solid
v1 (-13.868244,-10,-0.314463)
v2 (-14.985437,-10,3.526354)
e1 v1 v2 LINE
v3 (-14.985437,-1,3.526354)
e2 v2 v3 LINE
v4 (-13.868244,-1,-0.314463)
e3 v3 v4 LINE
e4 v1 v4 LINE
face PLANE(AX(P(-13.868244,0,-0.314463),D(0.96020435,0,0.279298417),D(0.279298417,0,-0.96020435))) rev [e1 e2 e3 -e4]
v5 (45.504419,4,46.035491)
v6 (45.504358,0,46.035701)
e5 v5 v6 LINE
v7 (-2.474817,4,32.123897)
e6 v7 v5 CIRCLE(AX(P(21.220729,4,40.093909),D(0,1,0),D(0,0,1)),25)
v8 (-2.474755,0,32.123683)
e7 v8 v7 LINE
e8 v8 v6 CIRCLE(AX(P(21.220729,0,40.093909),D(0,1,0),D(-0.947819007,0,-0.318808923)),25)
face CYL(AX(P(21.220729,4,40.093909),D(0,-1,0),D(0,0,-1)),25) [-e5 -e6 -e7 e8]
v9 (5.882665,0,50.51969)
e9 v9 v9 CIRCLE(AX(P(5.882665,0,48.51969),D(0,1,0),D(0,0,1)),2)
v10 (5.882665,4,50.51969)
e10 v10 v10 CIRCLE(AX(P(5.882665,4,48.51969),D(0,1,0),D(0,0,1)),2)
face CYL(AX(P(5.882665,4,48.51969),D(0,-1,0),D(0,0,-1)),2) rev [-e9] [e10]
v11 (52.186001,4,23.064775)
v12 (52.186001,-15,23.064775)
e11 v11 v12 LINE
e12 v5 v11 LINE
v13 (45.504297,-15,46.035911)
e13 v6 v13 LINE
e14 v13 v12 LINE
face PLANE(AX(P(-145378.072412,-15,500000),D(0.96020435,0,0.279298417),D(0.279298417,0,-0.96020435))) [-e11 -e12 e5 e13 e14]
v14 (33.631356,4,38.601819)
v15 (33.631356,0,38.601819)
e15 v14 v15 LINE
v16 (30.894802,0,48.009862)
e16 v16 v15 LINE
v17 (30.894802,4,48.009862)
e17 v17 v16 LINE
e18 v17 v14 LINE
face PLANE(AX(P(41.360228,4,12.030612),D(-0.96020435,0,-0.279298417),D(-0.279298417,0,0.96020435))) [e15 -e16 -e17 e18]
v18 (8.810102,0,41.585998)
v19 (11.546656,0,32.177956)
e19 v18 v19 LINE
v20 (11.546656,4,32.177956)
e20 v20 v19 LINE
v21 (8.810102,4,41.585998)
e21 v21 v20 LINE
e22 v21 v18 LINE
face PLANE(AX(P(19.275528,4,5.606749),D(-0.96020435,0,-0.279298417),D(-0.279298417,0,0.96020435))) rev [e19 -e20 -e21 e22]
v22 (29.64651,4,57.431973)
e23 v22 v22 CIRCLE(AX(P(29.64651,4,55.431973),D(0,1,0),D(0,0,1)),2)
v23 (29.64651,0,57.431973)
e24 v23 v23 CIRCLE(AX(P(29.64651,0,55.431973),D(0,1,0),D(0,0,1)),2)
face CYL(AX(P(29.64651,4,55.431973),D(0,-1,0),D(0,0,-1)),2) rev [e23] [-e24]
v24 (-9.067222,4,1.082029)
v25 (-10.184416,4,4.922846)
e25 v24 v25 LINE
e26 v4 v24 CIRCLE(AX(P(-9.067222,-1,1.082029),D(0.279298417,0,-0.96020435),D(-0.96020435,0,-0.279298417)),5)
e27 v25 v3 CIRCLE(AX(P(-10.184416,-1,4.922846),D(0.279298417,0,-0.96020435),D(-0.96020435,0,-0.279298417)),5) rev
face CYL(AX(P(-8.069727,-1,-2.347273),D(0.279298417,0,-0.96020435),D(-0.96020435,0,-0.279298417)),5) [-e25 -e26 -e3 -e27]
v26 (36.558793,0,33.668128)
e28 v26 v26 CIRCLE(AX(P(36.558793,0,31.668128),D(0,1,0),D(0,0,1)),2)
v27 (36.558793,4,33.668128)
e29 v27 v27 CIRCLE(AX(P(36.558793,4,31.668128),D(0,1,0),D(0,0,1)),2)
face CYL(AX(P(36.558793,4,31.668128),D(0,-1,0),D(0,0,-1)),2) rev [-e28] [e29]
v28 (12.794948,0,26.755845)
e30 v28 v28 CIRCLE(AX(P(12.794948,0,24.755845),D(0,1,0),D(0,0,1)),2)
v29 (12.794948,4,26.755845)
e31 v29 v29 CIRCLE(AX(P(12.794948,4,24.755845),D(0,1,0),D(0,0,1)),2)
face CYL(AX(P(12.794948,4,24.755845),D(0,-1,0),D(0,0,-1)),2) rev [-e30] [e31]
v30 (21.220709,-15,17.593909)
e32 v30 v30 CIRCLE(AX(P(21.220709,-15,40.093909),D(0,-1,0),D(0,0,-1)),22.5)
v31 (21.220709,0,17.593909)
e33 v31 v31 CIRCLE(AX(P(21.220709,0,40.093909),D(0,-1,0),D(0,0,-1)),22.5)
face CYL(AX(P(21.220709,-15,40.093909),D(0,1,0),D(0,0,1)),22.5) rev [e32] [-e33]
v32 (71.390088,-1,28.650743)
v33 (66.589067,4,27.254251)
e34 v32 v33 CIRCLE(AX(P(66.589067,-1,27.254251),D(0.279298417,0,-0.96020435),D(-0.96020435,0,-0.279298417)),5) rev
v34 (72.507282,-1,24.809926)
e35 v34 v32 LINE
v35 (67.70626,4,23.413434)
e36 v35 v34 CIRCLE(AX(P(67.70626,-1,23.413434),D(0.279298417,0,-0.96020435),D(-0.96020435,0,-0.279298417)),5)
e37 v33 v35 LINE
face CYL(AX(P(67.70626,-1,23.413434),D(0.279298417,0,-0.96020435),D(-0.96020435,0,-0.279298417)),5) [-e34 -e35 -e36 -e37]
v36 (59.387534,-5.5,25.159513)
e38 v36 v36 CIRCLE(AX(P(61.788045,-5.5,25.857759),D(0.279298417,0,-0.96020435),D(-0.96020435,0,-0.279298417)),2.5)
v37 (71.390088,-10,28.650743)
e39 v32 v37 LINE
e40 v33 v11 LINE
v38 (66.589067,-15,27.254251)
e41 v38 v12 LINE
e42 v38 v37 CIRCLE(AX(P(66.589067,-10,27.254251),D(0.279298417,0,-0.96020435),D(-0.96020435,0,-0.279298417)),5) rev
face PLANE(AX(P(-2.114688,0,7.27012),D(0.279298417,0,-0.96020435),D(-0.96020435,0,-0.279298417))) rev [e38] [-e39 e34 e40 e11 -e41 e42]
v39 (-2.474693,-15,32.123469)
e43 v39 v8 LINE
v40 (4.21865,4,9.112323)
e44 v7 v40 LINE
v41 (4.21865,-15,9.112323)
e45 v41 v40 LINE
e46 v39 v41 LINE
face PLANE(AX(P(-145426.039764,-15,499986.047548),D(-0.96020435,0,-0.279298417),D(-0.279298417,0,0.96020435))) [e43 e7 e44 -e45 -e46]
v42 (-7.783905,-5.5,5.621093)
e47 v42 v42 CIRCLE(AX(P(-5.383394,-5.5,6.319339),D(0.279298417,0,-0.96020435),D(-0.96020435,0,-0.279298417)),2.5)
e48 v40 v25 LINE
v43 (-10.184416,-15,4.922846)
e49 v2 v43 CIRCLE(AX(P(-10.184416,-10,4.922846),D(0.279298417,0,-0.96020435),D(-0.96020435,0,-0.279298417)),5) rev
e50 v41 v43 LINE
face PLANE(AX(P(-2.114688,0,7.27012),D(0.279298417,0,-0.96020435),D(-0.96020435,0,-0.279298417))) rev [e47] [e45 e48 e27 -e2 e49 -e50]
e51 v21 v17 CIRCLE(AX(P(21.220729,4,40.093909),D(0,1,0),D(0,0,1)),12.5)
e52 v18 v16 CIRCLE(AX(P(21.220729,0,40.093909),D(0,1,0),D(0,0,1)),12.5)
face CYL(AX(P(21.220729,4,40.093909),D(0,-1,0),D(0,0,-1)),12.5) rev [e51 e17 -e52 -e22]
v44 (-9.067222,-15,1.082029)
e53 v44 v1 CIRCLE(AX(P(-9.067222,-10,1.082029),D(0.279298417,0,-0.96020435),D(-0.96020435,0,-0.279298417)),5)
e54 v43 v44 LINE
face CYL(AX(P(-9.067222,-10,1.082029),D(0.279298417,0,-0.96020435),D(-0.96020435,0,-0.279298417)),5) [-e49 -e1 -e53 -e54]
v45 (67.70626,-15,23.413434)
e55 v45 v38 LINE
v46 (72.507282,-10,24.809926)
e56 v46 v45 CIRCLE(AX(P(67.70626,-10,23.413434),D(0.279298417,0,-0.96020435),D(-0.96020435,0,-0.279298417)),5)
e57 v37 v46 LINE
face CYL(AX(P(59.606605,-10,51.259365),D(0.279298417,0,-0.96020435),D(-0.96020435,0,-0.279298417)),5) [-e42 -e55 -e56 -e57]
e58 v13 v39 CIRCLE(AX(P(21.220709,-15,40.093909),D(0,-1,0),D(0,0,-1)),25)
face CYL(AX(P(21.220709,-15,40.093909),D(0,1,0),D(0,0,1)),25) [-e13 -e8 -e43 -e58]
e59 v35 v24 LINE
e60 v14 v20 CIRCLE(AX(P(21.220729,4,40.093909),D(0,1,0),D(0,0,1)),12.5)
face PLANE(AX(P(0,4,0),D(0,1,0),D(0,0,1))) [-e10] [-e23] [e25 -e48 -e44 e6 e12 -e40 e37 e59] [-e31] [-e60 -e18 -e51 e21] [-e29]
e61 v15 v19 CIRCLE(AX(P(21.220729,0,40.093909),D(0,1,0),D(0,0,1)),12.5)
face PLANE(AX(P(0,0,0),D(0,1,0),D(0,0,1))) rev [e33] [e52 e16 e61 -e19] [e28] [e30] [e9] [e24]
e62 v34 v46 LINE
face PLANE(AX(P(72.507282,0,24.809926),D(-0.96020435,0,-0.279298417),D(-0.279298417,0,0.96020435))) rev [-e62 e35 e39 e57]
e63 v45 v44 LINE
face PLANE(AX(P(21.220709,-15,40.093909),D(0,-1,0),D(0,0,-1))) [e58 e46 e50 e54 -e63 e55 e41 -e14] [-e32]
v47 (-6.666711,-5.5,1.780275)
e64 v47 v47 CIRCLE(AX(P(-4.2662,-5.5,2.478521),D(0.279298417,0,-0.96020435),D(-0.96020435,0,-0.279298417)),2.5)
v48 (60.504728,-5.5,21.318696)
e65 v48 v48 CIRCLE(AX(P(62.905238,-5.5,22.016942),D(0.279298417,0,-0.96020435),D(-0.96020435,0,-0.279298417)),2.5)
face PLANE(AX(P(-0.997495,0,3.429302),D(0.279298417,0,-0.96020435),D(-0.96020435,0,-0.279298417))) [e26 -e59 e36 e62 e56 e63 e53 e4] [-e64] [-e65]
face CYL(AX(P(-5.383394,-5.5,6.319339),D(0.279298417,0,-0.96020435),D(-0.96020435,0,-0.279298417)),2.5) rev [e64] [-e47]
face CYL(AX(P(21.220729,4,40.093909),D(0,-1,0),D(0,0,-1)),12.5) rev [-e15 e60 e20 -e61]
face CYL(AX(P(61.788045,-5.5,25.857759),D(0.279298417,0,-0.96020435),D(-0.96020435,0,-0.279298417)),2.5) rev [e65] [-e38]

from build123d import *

# Parameters (mm, degrees)
SKETCH1_R           = 25.000000000000004
SKETCH1_R_2         = 1.9999999999993712
SKETCH1_R_3         = 2.0000000000000036
SKETCH1_R_4         = 2.0000000000002736
SKETCH1_R_5         = 1.9999999999996778
BOSS_EXTRUDE1_DEPTH = 4
SKETCH2_R           = 25
SKETCH2_R_2         = 22.50000000000001
BOSS_EXTRUDE2_DEPTH = 15
BOSS_EXTRUDE7_REACH = 78.843
SKETCH4_W           = 49.955357531530346
SKETCH4_H           = 19
BOSS_EXTRUDE8_DEPTH = 4
SKETCH7_R           = 2.499999999999995
SKETCH7_R_2         = 2.5000000000000004
CUT_EXTRUDE1_DEPTH  = 4
FILLET1_R           = 5
FILLET2_R           = 5


with BuildPart() as part:
    # Sketch1 → Boss-Extrude1 (new body)
    with BuildSketch(Plane(origin=(0, 0, 0), x_dir=(1, 0, 0), z_dir=(0, 1, 0))):
        with Locations(Location((21.22072875619714, -40.09390888269783, 0), (0, 0, 270))):
            Circle(SKETCH1_R)
        with Locations(Location((29.646509797315062, -55.43197309716617, 0), (0, 0, 270))):
            Circle(SKETCH1_R_2, mode=Mode.SUBTRACT)
        with Locations(Location((36.558792970665294, -31.668127841580553, 0), (0, 0, 270))):
            Circle(SKETCH1_R_3, mode=Mode.SUBTRACT)
        with Locations(Location((12.794947715079665, -24.75584466823032, 0), (0, 0, 270))):
            Circle(SKETCH1_R_4, mode=Mode.SUBTRACT)
        with Locations(Location((5.8826645417294365, -48.51968992381595, 0), (0, 0, 270))):
            Circle(SKETCH1_R_5, mode=Mode.SUBTRACT)
        with BuildLine():
            ThreePointArc((8.810101512256844, -41.5859984952772), (17.729498538084204, -52.096463259335145), (30.894801565269475, -48.009862096604984))
            Line((30.894801565269475, -48.009862096604984), (33.63135600013741, -38.60181927011846))
            ThreePointArc((33.63135600013741, -38.60181927011846), (24.711958974310075, -28.091354506060547), (11.5466559471248, -32.177955668790645))
            Line((11.5466559471248, -32.177955668790645), (8.810101512256844, -41.5859984952772))
        make_face(mode=Mode.SUBTRACT)
    extrude(amount=BOSS_EXTRUDE1_DEPTH)

    # Sketch2 → Boss-Extrude2 (add)
    with BuildSketch(Plane.XZ):
        with Locations(Location((21.22070938805554, 40.093908619998004, 0), (0, 0, 270.77710591))):
            Circle(SKETCH2_R)
        with Locations(Location((21.22070938805554, 40.093908619998004, 0), (0, 0, 270))):
            Circle(SKETCH2_R_2, mode=Mode.SUBTRACT)
    extrude(amount=BOSS_EXTRUDE2_DEPTH)

    # Sketch4 → Boss-Extrude7 (add, up to next)
    with BuildSketch(Plane(origin=(-2.11468835096776, 0, 7.270119796296657), x_dir=(-0.9602043501309836, 0, -0.2792984174490354), z_dir=(0.2792984174490354, 0, -0.9602043501309836)), mode=Mode.PRIVATE) as boss_extrude7_sk1:
        with Locations((-31.573501878114026, -5.500000000000001)):
            Rectangle(SKETCH4_W, SKETCH4_H)
    boss_extrude7_tool1 = extrude(boss_extrude7_sk1.sketch, amount=-BOSS_EXTRUDE7_REACH, mode=Mode.PRIVATE) - part.part
    add(boss_extrude7_tool1.solids().sort_by_distance((28.202326, -5.5, 16.088549))[0])

    # Sketch5 → Boss-Extrude8 (add)
    with BuildSketch(Plane(origin=(-2.114688350967763, 0, 7.270119796296668), x_dir=(-0.9602043501309836, 0, -0.27929841744903544), z_dir=(0.27929841744903544, 0, -0.9602043501309836))):
        Polygon((13.404176887651147, 4), (-76.55118064387919, 4), (-76.55118064387919, -15), (13.404176887651147, -15), (13.404176887651147, -5.5), align=None)
    extrude(amount=BOSS_EXTRUDE8_DEPTH)

    # Sketch7 → Cut-Extrude1 (cut)
    with BuildSketch(Plane(origin=(-0.9974946811716227, -2e-16, 3.4293023957727353), x_dir=(-0.9602043501309836, 0, -0.27929841744903544), z_dir=(0.27929841744903544, 0, -0.9602043501309836))):
        with Locations((-66.55118064387919, -5.499999999999998)):
            Circle(SKETCH7_R)
        with Locations((3.4041768876511456, -5.499999999999997)):
            Circle(SKETCH7_R_2)
    extrude(amount=-CUT_EXTRUDE1_DEPTH, mode=Mode.SUBTRACT)

    # Fillet1
    fillet1_edges = [part.edges().sort_by_distance(p)[0] for p in [
        (71.94868514584586, -15, 26.730334703725394),
    ]]
    fillet(fillet1_edges, radius=FILLET1_R)

    # Fillet2
    fillet2_edges = [part.edges().sort_by_distance(p)[0] for p in [
        (-14.426840473517512, -15, 1.605945704106798),
        (-14.426840473517512, 4, 1.605945704106798),
        (71.94868514584586, 4, 26.730334703725394),
    ]]
    fillet(fillet2_edges, radius=FILLET2_R)


solid = part.part
